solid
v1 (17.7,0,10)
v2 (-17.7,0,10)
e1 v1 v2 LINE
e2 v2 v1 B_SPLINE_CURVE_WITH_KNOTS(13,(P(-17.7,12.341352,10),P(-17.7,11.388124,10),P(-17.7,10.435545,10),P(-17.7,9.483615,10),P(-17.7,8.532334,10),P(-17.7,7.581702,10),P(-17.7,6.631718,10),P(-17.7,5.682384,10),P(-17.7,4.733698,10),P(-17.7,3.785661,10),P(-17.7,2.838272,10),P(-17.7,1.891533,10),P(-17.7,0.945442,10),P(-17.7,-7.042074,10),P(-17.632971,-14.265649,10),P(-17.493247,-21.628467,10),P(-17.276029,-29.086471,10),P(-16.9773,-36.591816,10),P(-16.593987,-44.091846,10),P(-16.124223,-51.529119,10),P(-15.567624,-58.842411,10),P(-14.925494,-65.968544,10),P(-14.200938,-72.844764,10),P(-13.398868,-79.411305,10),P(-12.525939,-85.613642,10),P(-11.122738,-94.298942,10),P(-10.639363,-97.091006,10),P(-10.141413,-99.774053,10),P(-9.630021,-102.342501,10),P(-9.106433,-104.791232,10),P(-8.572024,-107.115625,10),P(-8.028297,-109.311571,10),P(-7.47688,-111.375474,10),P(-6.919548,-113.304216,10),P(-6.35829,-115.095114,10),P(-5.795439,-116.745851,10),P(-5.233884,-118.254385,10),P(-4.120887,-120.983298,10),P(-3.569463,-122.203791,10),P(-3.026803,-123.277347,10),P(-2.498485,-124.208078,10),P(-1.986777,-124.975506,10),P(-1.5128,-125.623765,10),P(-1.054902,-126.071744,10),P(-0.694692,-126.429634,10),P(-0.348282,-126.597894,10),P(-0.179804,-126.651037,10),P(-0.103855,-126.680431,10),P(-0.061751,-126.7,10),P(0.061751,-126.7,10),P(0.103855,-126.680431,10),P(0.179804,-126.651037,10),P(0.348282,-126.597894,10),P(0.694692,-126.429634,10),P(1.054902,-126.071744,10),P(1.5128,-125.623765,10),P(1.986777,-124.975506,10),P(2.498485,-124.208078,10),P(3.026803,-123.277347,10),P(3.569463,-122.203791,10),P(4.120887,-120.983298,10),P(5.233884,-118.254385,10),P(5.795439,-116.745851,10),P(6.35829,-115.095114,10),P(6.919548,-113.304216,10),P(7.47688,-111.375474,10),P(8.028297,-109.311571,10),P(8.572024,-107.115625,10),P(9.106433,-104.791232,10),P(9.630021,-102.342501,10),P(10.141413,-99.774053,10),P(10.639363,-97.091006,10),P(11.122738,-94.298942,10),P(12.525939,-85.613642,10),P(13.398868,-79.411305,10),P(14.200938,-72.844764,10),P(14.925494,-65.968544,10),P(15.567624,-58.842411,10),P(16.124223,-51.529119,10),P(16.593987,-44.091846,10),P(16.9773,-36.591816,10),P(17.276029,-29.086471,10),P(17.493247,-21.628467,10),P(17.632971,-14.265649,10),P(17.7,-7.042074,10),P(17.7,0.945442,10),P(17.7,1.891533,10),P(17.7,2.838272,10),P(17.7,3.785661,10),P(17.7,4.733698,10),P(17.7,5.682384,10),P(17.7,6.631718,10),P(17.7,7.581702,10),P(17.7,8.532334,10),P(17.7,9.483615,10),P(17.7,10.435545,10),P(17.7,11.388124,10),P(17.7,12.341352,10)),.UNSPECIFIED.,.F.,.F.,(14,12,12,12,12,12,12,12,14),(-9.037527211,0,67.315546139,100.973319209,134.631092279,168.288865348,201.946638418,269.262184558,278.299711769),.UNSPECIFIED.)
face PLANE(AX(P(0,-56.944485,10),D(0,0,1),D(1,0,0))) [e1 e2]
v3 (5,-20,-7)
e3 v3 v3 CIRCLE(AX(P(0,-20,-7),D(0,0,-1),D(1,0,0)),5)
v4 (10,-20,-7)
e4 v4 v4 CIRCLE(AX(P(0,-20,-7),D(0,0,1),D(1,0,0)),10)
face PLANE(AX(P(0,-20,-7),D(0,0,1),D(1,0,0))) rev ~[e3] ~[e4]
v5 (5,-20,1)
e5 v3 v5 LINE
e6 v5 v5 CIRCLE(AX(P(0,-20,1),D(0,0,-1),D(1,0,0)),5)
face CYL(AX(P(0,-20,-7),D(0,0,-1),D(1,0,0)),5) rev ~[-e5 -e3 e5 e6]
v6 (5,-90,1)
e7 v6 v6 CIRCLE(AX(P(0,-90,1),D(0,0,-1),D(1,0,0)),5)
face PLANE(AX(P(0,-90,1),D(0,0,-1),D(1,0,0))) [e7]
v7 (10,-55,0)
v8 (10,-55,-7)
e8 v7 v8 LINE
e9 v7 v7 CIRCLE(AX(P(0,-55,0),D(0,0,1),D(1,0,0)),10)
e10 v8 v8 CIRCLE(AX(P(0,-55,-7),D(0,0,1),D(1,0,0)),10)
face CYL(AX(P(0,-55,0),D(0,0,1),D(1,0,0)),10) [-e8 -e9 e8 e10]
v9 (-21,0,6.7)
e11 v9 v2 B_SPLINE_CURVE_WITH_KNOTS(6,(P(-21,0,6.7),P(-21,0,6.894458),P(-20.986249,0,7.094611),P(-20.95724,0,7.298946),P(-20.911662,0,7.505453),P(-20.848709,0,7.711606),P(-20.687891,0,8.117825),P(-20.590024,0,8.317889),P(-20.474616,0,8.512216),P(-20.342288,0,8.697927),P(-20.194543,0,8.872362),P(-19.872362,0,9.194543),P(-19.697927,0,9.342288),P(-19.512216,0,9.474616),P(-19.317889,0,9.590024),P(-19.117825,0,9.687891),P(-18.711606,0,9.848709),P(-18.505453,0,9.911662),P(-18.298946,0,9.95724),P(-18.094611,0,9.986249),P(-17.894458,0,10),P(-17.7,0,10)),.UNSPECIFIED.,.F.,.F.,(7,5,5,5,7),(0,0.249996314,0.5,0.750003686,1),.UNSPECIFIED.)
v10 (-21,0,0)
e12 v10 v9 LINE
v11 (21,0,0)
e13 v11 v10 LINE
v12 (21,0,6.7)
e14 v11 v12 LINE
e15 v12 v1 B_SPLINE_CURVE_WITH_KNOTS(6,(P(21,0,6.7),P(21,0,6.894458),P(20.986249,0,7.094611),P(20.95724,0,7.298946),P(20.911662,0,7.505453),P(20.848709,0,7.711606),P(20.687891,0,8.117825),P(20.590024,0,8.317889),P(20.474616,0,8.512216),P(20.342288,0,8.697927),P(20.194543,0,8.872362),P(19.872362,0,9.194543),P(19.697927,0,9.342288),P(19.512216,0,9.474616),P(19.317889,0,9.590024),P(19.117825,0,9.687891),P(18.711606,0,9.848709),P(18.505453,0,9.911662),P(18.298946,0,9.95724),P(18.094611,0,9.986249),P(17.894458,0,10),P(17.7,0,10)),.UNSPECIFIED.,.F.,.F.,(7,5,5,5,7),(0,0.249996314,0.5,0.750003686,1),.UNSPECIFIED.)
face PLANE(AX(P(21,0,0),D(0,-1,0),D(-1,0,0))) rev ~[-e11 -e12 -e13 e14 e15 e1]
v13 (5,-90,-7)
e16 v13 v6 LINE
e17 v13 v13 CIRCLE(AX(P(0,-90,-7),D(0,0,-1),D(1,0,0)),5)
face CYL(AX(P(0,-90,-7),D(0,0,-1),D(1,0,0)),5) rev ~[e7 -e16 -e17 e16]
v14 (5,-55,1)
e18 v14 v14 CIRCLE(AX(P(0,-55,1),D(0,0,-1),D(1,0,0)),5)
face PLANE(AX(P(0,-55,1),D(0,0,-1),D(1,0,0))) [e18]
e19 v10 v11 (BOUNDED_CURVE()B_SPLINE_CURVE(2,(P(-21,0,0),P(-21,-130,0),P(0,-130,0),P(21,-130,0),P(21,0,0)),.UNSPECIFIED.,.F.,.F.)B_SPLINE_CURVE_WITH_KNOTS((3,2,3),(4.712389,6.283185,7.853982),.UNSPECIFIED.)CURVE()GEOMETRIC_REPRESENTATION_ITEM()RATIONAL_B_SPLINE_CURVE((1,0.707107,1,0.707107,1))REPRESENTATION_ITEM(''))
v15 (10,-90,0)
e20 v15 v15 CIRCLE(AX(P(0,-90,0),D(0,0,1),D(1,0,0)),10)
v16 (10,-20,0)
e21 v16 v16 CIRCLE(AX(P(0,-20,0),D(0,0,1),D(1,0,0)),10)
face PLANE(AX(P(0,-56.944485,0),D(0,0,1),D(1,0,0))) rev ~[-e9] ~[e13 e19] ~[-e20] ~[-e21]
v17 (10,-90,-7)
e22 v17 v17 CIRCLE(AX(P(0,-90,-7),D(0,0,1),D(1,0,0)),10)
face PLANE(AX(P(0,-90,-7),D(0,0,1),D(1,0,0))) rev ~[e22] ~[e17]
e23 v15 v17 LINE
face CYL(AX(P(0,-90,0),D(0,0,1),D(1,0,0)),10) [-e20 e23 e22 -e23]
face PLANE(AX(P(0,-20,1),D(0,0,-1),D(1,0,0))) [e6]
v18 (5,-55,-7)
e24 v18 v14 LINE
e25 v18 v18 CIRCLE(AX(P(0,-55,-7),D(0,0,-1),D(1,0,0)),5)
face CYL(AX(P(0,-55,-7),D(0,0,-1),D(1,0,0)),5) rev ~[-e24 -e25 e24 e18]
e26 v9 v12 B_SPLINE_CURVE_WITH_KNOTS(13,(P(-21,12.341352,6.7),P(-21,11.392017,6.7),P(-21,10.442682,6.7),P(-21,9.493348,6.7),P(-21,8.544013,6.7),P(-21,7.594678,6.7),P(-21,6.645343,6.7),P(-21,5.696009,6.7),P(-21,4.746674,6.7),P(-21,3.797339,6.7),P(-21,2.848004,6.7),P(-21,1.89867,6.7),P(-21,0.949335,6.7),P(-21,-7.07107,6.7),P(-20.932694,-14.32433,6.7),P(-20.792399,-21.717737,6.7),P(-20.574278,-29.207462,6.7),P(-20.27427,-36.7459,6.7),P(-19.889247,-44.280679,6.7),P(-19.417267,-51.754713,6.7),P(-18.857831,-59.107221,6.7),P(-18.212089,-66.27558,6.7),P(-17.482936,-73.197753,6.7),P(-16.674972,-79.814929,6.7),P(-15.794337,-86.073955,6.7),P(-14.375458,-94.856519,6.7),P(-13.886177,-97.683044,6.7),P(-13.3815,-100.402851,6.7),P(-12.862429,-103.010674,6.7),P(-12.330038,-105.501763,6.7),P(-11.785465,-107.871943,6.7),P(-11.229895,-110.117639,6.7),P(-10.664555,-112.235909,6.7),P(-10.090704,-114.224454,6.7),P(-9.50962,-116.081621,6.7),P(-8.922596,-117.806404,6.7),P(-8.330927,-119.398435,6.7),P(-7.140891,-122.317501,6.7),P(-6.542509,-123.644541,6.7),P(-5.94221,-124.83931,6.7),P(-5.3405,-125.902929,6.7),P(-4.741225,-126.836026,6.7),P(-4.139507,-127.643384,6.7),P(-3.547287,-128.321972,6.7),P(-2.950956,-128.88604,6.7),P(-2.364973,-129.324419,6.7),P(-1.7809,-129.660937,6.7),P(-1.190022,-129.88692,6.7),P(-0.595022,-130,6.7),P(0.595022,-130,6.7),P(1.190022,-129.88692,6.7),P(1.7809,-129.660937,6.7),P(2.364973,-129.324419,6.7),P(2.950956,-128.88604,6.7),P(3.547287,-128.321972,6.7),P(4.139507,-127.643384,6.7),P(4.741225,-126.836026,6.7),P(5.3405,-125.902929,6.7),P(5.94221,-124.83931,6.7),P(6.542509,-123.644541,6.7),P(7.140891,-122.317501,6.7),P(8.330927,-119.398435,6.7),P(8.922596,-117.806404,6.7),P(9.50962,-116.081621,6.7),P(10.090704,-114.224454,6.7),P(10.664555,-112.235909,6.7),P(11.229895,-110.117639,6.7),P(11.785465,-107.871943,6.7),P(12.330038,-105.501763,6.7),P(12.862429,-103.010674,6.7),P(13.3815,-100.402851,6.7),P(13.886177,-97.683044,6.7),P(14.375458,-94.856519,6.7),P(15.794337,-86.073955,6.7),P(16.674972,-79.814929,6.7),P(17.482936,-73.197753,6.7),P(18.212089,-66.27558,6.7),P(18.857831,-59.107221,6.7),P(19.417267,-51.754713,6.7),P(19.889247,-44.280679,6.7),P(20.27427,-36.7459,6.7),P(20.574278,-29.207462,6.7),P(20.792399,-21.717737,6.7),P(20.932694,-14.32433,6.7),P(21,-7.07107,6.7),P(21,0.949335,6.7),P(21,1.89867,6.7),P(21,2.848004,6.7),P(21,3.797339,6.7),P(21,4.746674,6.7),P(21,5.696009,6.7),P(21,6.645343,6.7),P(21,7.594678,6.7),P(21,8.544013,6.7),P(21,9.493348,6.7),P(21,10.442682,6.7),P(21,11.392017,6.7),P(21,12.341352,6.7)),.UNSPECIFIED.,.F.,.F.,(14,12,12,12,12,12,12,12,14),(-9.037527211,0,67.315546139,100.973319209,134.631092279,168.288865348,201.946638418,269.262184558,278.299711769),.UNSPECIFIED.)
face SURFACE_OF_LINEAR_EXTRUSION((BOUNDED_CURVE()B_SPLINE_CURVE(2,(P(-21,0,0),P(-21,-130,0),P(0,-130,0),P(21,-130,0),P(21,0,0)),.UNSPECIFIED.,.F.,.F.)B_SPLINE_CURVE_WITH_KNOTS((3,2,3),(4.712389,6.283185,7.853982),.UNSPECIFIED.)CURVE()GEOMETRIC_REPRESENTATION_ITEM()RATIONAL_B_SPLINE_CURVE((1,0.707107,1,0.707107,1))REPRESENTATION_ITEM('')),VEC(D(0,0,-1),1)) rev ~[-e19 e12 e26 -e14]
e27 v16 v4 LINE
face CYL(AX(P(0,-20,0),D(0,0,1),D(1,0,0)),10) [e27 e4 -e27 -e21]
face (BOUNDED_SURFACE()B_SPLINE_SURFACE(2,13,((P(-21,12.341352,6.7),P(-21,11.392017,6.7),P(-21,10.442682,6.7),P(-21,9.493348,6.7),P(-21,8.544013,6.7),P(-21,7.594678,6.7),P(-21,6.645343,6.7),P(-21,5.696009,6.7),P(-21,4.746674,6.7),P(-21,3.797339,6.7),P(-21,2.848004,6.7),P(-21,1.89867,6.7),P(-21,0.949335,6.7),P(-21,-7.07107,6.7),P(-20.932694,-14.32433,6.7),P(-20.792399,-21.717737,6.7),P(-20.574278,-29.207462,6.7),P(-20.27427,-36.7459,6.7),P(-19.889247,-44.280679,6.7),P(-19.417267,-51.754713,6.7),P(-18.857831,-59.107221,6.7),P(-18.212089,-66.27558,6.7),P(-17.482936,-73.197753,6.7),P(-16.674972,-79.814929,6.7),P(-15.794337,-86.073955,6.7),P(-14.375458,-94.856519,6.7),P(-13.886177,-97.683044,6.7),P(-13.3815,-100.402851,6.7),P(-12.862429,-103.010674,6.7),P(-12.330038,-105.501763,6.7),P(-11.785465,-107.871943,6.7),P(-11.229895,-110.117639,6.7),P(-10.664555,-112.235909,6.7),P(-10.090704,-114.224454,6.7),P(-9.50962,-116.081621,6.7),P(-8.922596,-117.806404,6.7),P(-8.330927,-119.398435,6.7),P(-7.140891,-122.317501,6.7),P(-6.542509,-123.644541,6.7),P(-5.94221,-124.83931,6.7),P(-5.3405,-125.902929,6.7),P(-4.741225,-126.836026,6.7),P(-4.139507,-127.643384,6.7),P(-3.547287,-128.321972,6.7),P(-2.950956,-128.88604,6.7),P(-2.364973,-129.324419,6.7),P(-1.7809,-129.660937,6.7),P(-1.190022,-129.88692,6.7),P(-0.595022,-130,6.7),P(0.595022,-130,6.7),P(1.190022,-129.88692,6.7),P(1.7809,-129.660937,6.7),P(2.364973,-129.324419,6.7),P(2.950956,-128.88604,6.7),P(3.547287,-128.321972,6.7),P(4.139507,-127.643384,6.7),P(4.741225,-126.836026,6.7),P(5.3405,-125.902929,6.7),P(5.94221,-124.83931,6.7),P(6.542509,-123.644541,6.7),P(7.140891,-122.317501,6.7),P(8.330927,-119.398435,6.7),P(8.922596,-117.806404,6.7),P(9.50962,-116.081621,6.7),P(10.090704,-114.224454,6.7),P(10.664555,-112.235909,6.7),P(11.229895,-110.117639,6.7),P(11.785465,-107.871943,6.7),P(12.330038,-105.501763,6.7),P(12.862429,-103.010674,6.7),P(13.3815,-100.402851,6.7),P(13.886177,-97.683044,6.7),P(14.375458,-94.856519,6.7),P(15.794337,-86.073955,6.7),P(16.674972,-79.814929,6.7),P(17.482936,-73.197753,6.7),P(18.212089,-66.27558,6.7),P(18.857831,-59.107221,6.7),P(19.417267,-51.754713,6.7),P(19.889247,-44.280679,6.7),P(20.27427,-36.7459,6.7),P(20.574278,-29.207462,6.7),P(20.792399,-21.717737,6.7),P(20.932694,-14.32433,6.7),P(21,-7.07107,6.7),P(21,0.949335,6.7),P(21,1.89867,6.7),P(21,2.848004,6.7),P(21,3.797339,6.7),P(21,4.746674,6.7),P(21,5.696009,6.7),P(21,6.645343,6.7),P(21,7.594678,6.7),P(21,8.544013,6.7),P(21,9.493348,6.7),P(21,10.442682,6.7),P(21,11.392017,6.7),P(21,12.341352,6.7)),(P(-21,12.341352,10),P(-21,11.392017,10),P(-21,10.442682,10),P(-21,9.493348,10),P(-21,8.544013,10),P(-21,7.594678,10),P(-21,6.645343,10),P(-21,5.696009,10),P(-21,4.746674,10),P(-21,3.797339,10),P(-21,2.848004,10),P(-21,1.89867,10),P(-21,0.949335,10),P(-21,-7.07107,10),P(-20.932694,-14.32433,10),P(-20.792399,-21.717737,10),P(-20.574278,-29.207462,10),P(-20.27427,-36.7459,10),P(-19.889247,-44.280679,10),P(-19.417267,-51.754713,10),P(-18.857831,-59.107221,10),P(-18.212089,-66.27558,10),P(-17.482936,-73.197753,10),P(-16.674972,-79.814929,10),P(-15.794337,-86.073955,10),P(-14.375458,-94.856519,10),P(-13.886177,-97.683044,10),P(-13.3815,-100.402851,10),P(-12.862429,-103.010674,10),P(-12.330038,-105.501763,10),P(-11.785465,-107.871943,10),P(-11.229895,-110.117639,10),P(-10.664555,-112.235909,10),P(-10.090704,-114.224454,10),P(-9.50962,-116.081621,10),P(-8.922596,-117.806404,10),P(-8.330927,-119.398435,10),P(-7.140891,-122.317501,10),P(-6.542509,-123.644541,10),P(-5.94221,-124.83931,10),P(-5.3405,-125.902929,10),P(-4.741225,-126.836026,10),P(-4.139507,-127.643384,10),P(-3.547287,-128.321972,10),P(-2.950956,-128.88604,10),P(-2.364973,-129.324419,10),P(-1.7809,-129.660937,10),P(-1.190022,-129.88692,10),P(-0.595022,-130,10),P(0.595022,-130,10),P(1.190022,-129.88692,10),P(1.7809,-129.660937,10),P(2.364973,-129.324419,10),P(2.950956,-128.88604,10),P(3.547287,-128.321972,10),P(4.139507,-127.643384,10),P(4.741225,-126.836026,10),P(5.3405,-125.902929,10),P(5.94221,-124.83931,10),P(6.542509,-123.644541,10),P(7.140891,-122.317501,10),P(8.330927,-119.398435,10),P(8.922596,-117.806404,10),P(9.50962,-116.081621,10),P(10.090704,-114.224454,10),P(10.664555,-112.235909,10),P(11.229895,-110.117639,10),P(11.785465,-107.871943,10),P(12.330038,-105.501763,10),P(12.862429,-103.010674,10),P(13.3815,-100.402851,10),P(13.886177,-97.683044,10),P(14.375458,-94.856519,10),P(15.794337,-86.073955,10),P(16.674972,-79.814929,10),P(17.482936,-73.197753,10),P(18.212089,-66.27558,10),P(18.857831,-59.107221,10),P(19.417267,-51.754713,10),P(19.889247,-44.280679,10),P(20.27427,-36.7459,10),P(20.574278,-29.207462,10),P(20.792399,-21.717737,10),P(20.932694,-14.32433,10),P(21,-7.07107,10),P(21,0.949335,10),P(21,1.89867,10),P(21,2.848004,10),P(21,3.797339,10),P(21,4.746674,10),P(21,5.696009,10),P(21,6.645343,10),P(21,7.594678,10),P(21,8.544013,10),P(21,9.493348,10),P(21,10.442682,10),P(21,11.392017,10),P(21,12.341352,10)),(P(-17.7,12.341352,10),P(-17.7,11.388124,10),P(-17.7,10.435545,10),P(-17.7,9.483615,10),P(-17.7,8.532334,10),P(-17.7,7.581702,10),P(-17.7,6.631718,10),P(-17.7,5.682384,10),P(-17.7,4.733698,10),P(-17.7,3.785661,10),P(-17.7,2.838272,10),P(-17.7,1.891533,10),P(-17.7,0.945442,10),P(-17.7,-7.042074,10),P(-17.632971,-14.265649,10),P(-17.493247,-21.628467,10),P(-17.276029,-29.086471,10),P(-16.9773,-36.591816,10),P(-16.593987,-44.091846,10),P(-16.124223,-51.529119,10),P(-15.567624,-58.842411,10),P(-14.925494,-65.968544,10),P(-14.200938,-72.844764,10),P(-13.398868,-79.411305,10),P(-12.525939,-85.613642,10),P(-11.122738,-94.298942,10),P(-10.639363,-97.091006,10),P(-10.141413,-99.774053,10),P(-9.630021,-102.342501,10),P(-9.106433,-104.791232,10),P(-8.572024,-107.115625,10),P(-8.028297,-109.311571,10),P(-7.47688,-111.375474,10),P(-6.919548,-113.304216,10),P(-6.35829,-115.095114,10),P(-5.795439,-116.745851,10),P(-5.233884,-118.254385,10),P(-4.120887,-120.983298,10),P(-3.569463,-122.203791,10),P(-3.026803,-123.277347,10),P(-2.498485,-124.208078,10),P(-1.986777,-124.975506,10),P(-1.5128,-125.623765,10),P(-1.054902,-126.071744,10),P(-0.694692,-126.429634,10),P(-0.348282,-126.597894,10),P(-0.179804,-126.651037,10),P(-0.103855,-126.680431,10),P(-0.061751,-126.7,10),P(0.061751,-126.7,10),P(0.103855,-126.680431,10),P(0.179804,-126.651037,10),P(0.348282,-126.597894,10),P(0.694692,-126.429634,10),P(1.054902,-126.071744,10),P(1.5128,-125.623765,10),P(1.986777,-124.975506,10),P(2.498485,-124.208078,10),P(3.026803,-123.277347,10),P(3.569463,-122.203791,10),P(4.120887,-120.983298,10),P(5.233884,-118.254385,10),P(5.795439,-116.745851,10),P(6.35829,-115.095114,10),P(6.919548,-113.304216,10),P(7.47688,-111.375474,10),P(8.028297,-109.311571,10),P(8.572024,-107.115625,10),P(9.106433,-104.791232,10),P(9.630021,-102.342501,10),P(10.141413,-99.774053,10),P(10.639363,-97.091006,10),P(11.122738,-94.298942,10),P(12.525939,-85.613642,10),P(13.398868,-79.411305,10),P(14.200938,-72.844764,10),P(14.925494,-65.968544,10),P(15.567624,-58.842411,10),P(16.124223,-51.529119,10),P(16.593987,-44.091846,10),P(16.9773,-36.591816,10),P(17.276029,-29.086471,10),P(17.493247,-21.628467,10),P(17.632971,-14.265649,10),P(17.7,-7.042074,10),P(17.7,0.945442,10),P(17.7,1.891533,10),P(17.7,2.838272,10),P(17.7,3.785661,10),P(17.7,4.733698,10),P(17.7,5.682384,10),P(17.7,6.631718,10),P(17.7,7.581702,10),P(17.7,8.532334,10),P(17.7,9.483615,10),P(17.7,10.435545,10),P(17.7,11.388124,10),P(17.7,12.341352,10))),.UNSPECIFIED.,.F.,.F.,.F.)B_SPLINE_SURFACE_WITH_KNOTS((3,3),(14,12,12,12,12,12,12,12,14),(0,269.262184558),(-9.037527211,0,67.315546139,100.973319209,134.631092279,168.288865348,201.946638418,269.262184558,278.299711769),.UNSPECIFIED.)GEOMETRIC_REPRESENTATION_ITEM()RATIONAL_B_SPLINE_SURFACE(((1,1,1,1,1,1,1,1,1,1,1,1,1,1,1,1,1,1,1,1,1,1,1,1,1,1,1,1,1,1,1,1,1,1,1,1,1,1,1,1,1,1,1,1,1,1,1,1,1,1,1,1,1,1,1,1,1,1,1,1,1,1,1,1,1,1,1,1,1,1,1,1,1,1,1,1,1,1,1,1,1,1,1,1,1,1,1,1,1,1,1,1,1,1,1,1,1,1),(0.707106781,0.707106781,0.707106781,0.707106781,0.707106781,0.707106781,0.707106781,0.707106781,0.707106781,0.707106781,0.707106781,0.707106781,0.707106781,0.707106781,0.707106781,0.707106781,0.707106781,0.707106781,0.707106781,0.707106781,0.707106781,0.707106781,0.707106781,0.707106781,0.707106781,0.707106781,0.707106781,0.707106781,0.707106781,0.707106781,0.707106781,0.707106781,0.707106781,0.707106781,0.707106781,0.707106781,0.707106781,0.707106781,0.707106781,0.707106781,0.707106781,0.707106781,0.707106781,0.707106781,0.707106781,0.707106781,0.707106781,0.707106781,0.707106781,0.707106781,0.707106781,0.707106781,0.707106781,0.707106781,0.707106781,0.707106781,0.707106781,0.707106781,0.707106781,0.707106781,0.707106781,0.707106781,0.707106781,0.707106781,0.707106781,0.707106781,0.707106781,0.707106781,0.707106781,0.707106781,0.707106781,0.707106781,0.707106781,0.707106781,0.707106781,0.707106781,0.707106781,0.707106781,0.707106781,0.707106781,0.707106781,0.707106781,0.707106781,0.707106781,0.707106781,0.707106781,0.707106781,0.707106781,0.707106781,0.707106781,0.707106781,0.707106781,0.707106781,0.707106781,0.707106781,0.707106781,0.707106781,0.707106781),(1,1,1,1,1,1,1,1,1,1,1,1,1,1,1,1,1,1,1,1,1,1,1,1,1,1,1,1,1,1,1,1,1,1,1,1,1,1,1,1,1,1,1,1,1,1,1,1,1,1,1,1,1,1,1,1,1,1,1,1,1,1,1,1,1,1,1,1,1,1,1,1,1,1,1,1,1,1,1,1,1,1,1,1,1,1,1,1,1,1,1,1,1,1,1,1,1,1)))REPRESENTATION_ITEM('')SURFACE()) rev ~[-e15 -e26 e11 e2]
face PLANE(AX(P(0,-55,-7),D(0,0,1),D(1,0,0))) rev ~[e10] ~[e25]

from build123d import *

# Parameters (mm, degrees)
PAD_DEPTH           = 10
FILLET001_R         = 3.3
SKETCH005_R         = 10
PAD003_DEPTH        = 7
SKETCH006_R         = 5
POCKET_DEPTH        = 8
LINEARPATTERN_COUNT = 3
LINEARPATTERN_PITCH = 35


with BuildPart() as part:
    # Sketch → Pad (new body)
    with BuildSketch(Plane.XY):
        with BuildLine():
            add(Edge.make_bspline(
                [(-21, 0), (-21, -130), (0, -130), (21, -130), (21, 0)],
                knots=[4.712389, 4.712389, 4.712389, 6.283185, 6.283185, 7.853982, 7.853982, 7.853982], degree=2, weights=[1, 0.707107, 1, 0.707107, 1]))
            Line((21, 0), (-21, 0))
        make_face()
    extrude(amount=PAD_DEPTH)

    # Fillet001
    fillet001_edges = [part.edges().sort_by_distance(p)[0] for p in [
        (0.349656, -129.981979, 10),
    ]]
    fillet(fillet001_edges, radius=FILLET001_R)

    # Sketch005 → Pad003 (join)
    with BuildSketch(Plane.XY):
        with Locations((0, -90)):
            Circle(SKETCH005_R)
    pad003 = extrude(amount=-PAD003_DEPTH)

    # Sketch006 (on Face7 of Pad003) → Pocket (cut)
    with BuildSketch(Plane(origin=(0, 0, -7), x_dir=(1, 0, 0), z_dir=(0, 0, -1))):
        with Locations((0, 90)):
            Circle(SKETCH006_R)
    pocket = extrude(amount=-POCKET_DEPTH, mode=Mode.SUBTRACT)

    # LinearPattern: Pad003, Pocket ×3
    with Locations(*[(0, i * LINEARPATTERN_PITCH, 0) for i in range(1, LINEARPATTERN_COUNT)]):
        add(pad003)
        add(pocket, mode=Mode.SUBTRACT)


solid = part.part
